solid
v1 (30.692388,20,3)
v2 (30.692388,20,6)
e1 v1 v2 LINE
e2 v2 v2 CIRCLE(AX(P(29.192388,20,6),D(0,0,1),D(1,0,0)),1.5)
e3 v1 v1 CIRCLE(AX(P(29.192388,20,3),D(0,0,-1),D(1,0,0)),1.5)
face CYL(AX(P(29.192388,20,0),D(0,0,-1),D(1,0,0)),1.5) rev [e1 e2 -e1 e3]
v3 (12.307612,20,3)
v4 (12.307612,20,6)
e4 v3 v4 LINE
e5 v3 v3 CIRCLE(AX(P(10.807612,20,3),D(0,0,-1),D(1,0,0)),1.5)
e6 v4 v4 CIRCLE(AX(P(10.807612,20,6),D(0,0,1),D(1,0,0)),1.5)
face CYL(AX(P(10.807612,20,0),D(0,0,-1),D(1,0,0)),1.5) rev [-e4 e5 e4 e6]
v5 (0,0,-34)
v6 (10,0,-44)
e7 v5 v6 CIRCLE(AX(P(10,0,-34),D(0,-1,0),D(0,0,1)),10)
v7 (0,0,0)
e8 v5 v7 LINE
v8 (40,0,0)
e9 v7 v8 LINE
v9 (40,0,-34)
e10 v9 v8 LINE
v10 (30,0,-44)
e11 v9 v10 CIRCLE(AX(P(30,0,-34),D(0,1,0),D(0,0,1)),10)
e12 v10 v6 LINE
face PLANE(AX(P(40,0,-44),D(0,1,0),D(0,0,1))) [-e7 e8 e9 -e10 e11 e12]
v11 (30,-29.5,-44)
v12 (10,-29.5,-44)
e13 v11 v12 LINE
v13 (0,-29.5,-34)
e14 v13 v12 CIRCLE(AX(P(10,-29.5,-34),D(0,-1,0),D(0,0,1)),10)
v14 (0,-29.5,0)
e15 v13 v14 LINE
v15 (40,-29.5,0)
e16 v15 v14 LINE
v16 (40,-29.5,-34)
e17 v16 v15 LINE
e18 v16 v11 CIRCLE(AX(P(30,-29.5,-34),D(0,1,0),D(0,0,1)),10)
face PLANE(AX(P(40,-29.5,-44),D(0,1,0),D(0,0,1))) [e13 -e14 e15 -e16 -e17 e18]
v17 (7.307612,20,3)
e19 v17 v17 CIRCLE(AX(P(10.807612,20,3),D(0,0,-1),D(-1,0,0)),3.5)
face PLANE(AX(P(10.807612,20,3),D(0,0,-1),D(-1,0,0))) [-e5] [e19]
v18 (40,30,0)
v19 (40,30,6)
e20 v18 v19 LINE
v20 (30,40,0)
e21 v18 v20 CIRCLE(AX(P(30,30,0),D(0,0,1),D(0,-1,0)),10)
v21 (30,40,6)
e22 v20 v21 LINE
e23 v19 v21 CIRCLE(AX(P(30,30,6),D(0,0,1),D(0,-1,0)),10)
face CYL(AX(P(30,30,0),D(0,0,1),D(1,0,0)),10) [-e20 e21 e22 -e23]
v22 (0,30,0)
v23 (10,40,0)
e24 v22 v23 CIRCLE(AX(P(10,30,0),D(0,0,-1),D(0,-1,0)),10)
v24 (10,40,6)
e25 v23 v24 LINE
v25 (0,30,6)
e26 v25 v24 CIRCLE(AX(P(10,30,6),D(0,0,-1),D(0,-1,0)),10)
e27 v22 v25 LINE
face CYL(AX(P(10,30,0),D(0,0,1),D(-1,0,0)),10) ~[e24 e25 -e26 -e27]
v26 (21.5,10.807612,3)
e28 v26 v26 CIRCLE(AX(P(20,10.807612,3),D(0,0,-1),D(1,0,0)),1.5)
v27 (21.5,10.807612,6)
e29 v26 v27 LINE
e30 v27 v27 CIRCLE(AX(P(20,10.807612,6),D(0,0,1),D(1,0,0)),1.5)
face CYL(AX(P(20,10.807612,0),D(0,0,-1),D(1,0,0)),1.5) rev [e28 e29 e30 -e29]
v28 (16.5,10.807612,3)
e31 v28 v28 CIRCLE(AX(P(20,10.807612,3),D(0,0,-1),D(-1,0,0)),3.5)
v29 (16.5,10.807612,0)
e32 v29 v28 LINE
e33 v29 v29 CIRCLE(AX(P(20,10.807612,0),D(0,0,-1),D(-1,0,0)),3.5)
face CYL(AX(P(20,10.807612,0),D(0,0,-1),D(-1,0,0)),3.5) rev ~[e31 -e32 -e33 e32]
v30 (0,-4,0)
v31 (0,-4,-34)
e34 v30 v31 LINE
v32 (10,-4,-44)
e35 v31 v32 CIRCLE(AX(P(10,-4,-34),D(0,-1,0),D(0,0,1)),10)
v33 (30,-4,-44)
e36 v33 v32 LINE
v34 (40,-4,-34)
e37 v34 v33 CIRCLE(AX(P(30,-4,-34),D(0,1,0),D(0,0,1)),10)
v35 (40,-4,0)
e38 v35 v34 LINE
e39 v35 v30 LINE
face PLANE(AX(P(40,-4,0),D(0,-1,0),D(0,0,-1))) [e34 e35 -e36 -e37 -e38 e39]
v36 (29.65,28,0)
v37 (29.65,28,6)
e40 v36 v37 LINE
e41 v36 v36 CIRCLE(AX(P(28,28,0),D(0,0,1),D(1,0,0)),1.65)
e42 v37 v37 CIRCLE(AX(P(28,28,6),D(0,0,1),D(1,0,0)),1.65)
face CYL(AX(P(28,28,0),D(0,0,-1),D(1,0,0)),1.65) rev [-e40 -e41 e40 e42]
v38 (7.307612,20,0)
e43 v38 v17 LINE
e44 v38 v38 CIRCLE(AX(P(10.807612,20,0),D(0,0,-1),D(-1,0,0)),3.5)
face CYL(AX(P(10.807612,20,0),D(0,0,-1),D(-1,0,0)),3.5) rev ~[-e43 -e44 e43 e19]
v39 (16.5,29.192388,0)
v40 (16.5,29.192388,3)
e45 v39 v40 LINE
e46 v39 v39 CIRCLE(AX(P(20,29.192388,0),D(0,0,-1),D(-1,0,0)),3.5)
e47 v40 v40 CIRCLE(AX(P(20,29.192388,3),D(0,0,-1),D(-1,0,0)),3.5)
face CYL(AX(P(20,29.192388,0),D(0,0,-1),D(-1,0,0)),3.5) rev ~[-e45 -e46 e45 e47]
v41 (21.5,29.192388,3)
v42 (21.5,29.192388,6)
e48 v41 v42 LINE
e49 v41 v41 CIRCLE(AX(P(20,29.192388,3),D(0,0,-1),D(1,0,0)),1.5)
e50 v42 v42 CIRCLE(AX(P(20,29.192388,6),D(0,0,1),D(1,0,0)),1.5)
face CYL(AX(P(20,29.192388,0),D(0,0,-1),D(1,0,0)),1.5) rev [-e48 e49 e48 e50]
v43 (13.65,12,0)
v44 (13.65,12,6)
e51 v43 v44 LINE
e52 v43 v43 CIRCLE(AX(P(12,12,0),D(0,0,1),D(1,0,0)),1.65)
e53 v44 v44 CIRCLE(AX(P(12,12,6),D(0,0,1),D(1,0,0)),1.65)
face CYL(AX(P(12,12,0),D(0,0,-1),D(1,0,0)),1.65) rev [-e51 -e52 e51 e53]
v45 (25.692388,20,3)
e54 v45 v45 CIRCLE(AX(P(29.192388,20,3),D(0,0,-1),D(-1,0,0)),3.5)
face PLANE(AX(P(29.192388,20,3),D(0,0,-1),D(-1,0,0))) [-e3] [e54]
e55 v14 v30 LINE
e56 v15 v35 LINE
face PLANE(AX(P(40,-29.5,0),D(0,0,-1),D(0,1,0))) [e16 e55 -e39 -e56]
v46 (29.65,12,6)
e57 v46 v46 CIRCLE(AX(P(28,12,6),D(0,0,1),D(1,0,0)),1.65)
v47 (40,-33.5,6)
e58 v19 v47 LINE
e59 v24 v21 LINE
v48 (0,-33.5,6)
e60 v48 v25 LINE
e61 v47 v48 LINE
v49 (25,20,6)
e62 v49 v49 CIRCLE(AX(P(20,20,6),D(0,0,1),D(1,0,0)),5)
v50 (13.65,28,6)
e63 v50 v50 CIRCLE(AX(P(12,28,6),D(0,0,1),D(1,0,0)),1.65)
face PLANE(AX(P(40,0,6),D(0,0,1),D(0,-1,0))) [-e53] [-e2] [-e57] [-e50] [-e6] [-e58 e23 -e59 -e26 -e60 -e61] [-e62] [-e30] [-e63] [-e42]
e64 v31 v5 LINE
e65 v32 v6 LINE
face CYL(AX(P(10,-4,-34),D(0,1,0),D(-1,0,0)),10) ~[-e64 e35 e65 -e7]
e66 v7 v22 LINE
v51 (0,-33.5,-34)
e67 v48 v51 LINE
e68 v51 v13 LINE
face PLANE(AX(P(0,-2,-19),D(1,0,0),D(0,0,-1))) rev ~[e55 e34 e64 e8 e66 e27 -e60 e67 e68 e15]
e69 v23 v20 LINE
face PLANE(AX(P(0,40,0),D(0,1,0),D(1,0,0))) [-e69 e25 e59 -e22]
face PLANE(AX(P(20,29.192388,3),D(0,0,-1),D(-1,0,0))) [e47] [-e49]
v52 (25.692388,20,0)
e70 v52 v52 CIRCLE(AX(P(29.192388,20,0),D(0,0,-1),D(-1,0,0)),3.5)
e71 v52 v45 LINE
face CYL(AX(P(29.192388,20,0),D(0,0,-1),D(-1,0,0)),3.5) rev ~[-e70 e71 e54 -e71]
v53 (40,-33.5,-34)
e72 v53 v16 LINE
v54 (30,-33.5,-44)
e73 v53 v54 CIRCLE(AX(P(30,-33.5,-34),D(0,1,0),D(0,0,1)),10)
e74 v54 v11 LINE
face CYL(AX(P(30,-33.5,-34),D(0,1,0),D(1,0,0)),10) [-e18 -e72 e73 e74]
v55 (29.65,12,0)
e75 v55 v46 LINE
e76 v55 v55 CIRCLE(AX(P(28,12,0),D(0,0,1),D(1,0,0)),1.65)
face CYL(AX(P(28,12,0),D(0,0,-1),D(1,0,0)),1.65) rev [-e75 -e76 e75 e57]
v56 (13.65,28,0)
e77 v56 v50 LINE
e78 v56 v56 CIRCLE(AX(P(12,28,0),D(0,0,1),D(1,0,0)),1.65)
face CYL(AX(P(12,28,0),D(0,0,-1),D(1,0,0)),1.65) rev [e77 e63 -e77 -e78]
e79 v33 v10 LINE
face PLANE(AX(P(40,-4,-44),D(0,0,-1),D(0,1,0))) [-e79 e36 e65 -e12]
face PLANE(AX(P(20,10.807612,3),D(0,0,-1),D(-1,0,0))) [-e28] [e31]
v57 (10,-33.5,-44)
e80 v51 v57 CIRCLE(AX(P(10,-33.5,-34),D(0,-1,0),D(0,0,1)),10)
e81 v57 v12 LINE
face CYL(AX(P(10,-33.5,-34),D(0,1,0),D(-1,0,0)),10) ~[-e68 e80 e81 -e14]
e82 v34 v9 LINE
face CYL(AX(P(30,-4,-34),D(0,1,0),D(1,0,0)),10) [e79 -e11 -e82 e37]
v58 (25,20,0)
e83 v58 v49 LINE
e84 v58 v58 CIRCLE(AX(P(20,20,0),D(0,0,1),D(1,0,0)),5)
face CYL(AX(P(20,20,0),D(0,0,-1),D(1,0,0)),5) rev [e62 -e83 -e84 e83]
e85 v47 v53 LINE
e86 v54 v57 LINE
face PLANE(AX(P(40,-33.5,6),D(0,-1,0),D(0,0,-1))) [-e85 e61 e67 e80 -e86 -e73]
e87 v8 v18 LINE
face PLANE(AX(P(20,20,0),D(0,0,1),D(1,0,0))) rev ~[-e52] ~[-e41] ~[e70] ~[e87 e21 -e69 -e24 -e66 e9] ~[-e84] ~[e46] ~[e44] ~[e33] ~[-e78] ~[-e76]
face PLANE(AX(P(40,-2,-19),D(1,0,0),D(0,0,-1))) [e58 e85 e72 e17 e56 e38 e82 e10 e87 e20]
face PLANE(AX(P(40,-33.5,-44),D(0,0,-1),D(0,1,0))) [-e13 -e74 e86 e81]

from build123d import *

# Parameters (mm, degrees)
SKETCH1_W           = 40
SKETCH1_H           = 40
SKETCH1_R           = 5
SKETCH1_R_2         = 1.65
SKETCH1_R_3         = 1.5
BOSS_EXTRUDE1_DEPTH = 6
SKETCH2_W           = 6
SKETCH2_H           = 25.5
BOSS_EXTRUDE2_DEPTH = 40
SKETCH3_R           = 3.5
CUT_EXTRUDE1_DEPTH  = 3
FILLET1_R           = 10


with BuildPart() as part:
    # Sketch1 → Boss-Extrude1 (new body)
    with BuildSketch(Plane.XY):
        with Locations((20, 20)):
            Rectangle(SKETCH1_W, SKETCH1_H)
        with Locations((20, 20)):
            Circle(SKETCH1_R, mode=Mode.SUBTRACT)
        with Locations((12, 28)):
            Circle(SKETCH1_R_2, mode=Mode.SUBTRACT)
        with Locations((20, 29.192388155)):
            Circle(SKETCH1_R_3, mode=Mode.SUBTRACT)
        with Locations((29.192388155, 20)):
            Circle(SKETCH1_R_3, mode=Mode.SUBTRACT)
        with Locations((20, 10.807611845)):
            Circle(SKETCH1_R_3, mode=Mode.SUBTRACT)
        with Locations((10.807611845, 20)):
            Circle(SKETCH1_R_3, mode=Mode.SUBTRACT)
        with Locations((28, 28)):
            Circle(SKETCH1_R_2, mode=Mode.SUBTRACT)
        with Locations((12, 12)):
            Circle(SKETCH1_R_2, mode=Mode.SUBTRACT)
        with Locations((28, 12)):
            Circle(SKETCH1_R_2, mode=Mode.SUBTRACT)
    extrude(amount=BOSS_EXTRUDE1_DEPTH)

    # Sketch2 → Boss-Extrude2 (add)
    with BuildSketch(Plane(origin=(40, 0, 0), x_dir=(0, 0, -1), z_dir=(1, 0, 0))):
        Polygon((44, 0), (-6, 0), (-6, -4), (0, -4), (44, -4), align=None)
        with Locations((-3, -16.75)):
            Rectangle(SKETCH2_W, SKETCH2_H)
        Polygon((0, -29.5), (-6, -29.5), (-6, -33.5), (44, -33.5), (44, -29.5), align=None)
    extrude(amount=-BOSS_EXTRUDE2_DEPTH)

    # Sketch3 → Cut-Extrude1 (cut)
    with BuildSketch(Plane(origin=(0, 0, 0), x_dir=(-1, 0, 0), z_dir=(0, 0, -1))):
        with Locations((-20, 29.192388155)):
            Circle(SKETCH3_R)
        with Locations((-20, 10.807611845)):
            Circle(SKETCH3_R)
        with Locations((-29.192388155, 20)):
            Circle(SKETCH3_R)
        with Locations((-10.807611845, 20)):
            Circle(SKETCH3_R)
    extrude(amount=-CUT_EXTRUDE1_DEPTH, mode=Mode.SUBTRACT)

    # Fillet1
    fillet1_edges = [part.edges().sort_by_distance(p)[0] for p in [
        (40, -2, -44),
        (0, -31.5, -44),
        (0, -2, -44),
        (40, -31.5, -44),
        (0, 40, 3),
        (40, 40, 3),
    ]]
    fillet(fillet1_edges, radius=FILLET1_R)


solid = part.part
